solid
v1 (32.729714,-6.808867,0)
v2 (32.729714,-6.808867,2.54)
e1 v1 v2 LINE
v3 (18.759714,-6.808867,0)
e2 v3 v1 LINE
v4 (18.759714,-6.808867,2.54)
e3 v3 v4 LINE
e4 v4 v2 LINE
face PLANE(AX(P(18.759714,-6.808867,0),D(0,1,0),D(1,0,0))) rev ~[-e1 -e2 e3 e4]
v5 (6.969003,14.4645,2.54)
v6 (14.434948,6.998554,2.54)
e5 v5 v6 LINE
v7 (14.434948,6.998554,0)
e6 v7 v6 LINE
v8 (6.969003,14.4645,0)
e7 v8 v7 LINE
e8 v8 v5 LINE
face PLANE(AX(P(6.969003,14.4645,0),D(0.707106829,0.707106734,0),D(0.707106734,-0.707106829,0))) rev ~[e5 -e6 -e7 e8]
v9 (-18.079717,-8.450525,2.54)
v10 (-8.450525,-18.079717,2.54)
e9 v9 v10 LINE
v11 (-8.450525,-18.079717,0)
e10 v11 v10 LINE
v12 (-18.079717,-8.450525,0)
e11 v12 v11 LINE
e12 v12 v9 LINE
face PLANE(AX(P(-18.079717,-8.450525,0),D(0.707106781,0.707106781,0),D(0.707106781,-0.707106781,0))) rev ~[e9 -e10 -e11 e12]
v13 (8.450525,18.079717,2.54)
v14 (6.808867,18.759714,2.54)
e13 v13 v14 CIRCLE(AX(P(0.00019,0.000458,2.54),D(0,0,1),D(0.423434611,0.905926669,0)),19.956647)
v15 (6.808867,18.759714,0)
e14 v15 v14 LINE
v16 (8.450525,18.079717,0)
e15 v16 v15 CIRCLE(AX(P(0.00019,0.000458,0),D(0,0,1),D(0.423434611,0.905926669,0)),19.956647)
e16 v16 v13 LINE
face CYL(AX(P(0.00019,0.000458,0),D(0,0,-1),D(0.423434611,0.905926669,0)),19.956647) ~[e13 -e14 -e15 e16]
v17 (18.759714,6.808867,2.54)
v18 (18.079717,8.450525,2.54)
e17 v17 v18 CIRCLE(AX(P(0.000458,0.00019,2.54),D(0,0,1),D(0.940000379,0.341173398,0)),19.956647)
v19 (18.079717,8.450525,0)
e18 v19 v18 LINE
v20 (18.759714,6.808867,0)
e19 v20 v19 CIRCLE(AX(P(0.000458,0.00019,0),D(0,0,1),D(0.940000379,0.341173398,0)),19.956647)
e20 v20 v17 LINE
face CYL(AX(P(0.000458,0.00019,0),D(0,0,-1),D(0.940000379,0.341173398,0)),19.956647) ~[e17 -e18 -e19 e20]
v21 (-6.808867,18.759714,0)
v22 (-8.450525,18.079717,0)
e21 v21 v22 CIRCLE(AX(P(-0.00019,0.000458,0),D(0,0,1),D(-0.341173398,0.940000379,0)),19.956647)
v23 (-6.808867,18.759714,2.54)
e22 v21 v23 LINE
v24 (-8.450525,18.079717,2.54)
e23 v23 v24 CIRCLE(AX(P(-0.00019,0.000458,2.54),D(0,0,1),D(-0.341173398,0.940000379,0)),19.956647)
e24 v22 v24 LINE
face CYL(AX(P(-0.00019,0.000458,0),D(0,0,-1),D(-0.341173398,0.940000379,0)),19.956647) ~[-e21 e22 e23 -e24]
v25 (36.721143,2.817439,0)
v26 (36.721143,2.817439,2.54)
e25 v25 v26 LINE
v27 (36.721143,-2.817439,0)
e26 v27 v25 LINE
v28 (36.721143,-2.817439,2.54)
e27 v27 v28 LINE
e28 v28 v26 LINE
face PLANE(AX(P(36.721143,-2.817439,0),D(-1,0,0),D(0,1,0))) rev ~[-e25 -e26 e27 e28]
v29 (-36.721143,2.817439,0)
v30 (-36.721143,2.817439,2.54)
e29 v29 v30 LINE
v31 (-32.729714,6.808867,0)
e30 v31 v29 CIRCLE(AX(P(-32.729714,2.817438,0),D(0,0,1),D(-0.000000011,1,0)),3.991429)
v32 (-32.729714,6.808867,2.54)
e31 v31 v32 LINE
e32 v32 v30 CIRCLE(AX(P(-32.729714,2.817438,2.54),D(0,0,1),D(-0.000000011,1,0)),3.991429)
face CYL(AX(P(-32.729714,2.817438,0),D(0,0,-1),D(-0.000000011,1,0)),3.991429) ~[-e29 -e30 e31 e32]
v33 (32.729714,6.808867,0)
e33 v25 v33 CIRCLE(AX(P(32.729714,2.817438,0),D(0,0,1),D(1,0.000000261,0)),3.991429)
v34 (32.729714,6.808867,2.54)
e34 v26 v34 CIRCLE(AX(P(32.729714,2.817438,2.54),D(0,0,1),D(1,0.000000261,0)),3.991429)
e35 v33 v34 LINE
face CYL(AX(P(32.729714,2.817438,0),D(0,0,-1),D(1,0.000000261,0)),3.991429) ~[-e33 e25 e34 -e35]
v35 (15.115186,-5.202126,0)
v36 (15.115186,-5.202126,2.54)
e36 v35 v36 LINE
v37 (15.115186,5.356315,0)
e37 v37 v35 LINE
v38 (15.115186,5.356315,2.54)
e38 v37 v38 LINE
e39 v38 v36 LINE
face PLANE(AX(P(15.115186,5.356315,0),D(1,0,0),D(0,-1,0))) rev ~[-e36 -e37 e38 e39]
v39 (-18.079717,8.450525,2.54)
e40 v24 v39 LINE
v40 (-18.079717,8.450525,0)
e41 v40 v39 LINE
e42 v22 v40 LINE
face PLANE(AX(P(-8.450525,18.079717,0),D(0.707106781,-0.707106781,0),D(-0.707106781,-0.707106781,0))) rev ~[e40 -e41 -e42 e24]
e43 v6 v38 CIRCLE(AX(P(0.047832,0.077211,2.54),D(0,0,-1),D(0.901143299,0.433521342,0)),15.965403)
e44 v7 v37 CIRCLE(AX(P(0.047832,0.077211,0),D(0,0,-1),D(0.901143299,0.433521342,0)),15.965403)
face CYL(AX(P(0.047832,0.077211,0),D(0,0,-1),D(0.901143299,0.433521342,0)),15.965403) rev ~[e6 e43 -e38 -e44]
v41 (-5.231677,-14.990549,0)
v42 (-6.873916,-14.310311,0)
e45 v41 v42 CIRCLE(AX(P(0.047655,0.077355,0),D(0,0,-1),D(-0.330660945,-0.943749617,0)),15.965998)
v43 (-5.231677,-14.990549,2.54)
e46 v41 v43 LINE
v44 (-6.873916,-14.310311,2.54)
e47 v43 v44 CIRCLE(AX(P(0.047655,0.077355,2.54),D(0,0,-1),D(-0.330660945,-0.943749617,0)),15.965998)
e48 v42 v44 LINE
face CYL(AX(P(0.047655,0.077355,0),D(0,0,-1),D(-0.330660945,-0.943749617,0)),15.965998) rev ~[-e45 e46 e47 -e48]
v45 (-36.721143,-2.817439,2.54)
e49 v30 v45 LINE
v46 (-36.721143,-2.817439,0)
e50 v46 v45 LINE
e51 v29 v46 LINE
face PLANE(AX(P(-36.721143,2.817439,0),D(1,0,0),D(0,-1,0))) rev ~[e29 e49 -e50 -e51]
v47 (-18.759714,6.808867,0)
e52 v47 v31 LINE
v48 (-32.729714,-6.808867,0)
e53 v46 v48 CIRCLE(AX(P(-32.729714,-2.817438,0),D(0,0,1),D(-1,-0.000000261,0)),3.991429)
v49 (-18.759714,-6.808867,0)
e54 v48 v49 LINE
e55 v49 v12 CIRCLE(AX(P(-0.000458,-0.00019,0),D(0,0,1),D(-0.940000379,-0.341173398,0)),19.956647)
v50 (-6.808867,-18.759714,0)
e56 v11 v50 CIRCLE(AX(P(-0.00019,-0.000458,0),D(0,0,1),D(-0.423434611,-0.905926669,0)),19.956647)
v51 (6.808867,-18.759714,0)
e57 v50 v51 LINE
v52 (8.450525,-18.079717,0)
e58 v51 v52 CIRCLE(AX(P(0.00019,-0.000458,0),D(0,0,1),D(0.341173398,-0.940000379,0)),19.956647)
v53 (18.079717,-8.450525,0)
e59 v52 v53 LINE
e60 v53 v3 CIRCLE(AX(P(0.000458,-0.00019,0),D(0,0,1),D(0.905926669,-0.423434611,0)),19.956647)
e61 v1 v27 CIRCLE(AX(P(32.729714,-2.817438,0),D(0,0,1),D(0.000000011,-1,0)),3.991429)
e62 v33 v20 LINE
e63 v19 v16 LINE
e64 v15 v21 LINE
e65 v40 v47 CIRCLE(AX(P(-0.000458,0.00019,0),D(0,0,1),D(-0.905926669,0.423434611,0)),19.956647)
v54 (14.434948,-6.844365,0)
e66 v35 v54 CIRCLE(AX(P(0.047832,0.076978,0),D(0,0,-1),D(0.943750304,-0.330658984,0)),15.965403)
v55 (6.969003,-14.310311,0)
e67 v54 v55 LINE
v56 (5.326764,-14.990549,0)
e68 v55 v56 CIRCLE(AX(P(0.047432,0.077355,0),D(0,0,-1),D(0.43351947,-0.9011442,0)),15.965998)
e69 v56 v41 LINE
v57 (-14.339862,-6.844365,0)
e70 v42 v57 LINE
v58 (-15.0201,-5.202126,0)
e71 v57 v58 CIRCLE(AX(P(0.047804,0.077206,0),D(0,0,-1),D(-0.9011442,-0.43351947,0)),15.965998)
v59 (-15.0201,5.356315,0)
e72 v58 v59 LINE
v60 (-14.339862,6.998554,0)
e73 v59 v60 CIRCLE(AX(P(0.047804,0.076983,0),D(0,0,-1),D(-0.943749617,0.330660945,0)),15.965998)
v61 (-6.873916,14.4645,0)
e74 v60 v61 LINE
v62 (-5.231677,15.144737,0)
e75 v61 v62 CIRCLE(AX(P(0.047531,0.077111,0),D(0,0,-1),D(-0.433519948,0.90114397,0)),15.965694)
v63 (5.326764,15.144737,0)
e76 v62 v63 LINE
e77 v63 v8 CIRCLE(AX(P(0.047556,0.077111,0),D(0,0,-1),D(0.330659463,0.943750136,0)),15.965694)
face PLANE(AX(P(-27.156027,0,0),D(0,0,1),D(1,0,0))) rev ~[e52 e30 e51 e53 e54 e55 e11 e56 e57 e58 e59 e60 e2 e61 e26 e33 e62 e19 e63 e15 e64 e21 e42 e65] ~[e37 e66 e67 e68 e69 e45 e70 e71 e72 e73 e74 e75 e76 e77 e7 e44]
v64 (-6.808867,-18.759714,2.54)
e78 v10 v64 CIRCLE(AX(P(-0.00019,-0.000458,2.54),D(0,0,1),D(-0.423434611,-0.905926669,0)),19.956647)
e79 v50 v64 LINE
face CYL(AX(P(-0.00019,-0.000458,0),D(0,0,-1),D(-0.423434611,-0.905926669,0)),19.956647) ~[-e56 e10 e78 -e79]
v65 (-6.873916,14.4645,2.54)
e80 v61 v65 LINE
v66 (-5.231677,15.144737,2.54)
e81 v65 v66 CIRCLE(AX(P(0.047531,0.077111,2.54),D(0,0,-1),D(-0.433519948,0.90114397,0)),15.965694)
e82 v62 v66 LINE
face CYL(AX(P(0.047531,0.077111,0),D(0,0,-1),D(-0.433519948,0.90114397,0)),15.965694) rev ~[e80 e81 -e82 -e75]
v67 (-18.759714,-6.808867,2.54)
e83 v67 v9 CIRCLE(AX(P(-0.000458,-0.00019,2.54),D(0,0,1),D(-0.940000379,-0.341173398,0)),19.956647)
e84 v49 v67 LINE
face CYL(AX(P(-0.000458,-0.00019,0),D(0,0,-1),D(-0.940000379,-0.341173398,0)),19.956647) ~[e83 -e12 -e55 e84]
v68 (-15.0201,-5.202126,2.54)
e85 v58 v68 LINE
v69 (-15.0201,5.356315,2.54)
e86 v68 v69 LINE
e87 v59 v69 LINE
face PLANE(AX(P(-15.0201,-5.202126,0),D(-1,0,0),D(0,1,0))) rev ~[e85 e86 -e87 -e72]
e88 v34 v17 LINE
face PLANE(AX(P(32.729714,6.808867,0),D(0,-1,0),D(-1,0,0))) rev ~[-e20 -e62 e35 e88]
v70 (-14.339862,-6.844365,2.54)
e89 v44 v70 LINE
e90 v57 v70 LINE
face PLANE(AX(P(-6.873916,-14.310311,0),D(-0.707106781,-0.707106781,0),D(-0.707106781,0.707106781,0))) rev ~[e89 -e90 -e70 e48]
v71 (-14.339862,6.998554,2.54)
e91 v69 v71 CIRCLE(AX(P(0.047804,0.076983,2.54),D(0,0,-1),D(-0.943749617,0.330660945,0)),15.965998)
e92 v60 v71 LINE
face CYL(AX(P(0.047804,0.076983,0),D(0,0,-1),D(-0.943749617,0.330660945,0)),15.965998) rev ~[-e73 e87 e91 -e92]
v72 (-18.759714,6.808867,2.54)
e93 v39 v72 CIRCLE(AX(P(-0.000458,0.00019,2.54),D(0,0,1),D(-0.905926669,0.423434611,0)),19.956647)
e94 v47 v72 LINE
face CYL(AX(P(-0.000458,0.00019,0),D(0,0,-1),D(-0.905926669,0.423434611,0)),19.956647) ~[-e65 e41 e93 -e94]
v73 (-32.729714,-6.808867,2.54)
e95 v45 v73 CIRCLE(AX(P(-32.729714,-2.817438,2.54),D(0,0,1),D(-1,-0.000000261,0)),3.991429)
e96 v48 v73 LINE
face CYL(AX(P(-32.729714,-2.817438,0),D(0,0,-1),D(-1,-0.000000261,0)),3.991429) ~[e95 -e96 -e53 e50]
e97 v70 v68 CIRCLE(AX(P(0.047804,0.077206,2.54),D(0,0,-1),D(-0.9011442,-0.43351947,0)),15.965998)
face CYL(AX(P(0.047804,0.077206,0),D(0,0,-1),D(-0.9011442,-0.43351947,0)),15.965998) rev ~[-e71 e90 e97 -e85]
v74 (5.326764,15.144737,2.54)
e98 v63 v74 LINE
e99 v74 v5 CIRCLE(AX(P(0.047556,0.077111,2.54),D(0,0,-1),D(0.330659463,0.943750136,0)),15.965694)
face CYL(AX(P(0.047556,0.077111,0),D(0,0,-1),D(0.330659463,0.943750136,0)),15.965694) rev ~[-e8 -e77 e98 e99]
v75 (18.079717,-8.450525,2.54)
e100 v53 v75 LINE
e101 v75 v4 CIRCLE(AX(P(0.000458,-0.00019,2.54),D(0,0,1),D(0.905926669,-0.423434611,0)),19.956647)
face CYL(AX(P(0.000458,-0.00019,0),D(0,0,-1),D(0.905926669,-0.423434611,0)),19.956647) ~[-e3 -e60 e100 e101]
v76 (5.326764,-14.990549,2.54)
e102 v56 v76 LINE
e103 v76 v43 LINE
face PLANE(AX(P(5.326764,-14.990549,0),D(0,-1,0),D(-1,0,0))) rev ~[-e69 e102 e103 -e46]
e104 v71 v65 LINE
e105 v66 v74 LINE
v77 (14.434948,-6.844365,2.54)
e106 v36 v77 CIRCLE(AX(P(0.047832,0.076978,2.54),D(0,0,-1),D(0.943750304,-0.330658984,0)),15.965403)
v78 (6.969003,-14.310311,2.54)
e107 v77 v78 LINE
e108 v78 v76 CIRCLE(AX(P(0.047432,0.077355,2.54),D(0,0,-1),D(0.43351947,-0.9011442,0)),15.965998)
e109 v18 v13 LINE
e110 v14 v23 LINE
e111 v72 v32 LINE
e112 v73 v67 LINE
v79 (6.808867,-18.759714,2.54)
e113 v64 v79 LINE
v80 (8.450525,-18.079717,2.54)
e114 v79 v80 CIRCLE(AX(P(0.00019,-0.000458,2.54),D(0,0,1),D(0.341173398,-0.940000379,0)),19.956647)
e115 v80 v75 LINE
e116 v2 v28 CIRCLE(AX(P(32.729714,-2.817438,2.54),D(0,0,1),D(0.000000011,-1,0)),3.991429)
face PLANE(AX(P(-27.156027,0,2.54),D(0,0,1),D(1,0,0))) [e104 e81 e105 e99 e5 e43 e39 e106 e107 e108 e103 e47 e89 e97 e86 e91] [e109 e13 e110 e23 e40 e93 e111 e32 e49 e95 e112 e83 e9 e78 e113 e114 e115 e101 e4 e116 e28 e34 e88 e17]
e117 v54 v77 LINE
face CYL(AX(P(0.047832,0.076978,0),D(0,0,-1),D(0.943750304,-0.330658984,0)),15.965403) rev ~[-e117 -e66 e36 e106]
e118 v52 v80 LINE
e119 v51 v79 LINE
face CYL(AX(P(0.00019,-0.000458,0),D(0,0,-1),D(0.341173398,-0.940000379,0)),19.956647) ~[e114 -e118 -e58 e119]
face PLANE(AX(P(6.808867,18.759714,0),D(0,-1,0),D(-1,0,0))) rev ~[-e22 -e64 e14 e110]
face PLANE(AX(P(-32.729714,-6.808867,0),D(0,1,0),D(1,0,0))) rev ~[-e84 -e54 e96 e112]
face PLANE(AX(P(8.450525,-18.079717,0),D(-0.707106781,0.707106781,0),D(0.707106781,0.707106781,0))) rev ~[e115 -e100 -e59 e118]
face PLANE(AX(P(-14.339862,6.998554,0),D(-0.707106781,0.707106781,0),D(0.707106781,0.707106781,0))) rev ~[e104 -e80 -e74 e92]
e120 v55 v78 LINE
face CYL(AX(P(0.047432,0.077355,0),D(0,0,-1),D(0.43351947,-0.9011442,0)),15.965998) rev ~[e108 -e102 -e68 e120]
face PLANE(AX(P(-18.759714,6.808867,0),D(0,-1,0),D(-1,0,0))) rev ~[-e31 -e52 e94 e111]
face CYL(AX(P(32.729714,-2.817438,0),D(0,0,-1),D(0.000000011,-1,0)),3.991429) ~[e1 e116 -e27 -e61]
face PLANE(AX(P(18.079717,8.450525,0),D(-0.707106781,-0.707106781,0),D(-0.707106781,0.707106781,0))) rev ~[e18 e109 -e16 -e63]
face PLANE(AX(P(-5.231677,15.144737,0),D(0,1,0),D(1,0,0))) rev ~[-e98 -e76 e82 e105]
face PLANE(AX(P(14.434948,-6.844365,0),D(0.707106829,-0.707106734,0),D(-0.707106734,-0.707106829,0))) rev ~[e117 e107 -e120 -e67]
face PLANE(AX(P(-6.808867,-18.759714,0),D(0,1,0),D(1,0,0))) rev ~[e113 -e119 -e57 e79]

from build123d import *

# Parameters (mm, degrees)
F1_DEPTH = 2.54
F2_DEPTH = 2.54


with BuildPart() as f1:
    # F0 (on Top) → F1 (new body)
    with BuildSketch(Plane.XY):
        with BuildLine():
            Line((-8.450525, 18.079717), (-18.079717, 8.450525))
            ThreePointArc((-18.079717, 8.450525), (-18.437996, 7.637268), (-18.759714, 6.808867))
            Line((-18.759714, 6.808867), (-18.759714, -6.808867))
            ThreePointArc((-18.759714, -6.808867), (-18.437996, -7.637268), (-18.079717, -8.450525))
            Line((-18.079717, -8.450525), (-8.450525, -18.079717))
            ThreePointArc((-8.450525, -18.079717), (-7.637268, -18.437996), (-6.808867, -18.759714))
            Line((-6.808867, -18.759714), (6.808867, -18.759714))
            ThreePointArc((6.808867, -18.759714), (7.637268, -18.437996), (8.450525, -18.079717))
            Line((8.450525, -18.079717), (18.079717, -8.450525))
            ThreePointArc((18.079717, -8.450525), (18.437996, -7.637268), (18.759714, -6.808867))
            Line((18.759714, -6.808867), (18.759714, 6.808867))
            ThreePointArc((18.759714, 6.808867), (18.437996, 7.637268), (18.079717, 8.450525))
            Line((18.079717, 8.450525), (8.450525, 18.079717))
            ThreePointArc((8.450525, 18.079717), (7.637268, 18.437996), (6.808867, 18.759714))
            Line((6.808867, 18.759714), (-6.808867, 18.759714))
            ThreePointArc((-6.808867, 18.759714), (-7.637268, 18.437996), (-8.450525, 18.079717))
        make_face()
        with BuildLine():
            ThreePointArc((14.434948, 6.998554), (14.79794, 6.186909), (15.115186, 5.356315))
            Line((15.115186, 5.356315), (15.115186, -5.202126))
            ThreePointArc((15.115186, -5.202126), (14.79794, -6.03272), (14.434948, -6.844365))
            Line((14.434948, -6.844365), (6.969003, -14.310311))
            ThreePointArc((6.969003, -14.310311), (6.157358, -14.673302), (5.326764, -14.990549))
            Line((5.326764, -14.990549), (-5.231677, -14.990549))
            ThreePointArc((-5.231677, -14.990549), (-6.062271, -14.673302), (-6.873916, -14.310311))
            Line((-6.873916, -14.310311), (-14.339862, -6.844365))
            ThreePointArc((-14.339862, -6.844365), (-14.702853, -6.03272), (-15.0201, -5.202126))
            Line((-15.0201, -5.202126), (-15.0201, 5.356315))
            ThreePointArc((-15.0201, 5.356315), (-14.702853, 6.186909), (-14.339862, 6.998554))
            Line((-14.339862, 6.998554), (-6.873916, 14.4645))
            ThreePointArc((-6.873916, 14.4645), (-6.062271, 14.827491), (-5.231677, 15.144737))
            Line((-5.231677, 15.144737), (5.326764, 15.144737))
            ThreePointArc((5.326764, 15.144737), (6.157358, 14.827491), (6.969003, 14.4645))
            Line((6.969003, 14.4645), (14.434948, 6.998554))
        make_face(mode=Mode.SUBTRACT)
    extrude(amount=F1_DEPTH)

    # F0 (on Top) → F2 (join)
    with BuildSketch(Plane.XY):
        with BuildLine():
            Line((-18.759714, -6.808867), (-18.759714, 6.808867))
            Line((-18.759714, 6.808867), (-32.729714, 6.808867))
            ThreePointArc((-32.729714, 6.808867), (-35.55208, 5.639805), (-36.721143, 2.817439))
            Line((-36.721143, 2.817439), (-36.721143, -2.817439))
            ThreePointArc((-36.721143, -2.817439), (-35.55208, -5.639805), (-32.729714, -6.808867))
            Line((-32.729714, -6.808867), (-18.759714, -6.808867))
        make_face()
        with BuildLine():
            Line((32.729714, 6.808867), (18.759714, 6.808867))
            Line((18.759714, 6.808867), (18.759714, -6.808867))
            Line((18.759714, -6.808867), (32.729714, -6.808867))
            ThreePointArc((32.729714, -6.808867), (35.55208, -5.639805), (36.721143, -2.817439))
            Line((36.721143, -2.817439), (36.721143, 2.817439))
            ThreePointArc((36.721143, 2.817439), (35.55208, 5.639805), (32.729714, 6.808867))
        make_face()
    extrude(amount=F2_DEPTH)


solid = f1.part
